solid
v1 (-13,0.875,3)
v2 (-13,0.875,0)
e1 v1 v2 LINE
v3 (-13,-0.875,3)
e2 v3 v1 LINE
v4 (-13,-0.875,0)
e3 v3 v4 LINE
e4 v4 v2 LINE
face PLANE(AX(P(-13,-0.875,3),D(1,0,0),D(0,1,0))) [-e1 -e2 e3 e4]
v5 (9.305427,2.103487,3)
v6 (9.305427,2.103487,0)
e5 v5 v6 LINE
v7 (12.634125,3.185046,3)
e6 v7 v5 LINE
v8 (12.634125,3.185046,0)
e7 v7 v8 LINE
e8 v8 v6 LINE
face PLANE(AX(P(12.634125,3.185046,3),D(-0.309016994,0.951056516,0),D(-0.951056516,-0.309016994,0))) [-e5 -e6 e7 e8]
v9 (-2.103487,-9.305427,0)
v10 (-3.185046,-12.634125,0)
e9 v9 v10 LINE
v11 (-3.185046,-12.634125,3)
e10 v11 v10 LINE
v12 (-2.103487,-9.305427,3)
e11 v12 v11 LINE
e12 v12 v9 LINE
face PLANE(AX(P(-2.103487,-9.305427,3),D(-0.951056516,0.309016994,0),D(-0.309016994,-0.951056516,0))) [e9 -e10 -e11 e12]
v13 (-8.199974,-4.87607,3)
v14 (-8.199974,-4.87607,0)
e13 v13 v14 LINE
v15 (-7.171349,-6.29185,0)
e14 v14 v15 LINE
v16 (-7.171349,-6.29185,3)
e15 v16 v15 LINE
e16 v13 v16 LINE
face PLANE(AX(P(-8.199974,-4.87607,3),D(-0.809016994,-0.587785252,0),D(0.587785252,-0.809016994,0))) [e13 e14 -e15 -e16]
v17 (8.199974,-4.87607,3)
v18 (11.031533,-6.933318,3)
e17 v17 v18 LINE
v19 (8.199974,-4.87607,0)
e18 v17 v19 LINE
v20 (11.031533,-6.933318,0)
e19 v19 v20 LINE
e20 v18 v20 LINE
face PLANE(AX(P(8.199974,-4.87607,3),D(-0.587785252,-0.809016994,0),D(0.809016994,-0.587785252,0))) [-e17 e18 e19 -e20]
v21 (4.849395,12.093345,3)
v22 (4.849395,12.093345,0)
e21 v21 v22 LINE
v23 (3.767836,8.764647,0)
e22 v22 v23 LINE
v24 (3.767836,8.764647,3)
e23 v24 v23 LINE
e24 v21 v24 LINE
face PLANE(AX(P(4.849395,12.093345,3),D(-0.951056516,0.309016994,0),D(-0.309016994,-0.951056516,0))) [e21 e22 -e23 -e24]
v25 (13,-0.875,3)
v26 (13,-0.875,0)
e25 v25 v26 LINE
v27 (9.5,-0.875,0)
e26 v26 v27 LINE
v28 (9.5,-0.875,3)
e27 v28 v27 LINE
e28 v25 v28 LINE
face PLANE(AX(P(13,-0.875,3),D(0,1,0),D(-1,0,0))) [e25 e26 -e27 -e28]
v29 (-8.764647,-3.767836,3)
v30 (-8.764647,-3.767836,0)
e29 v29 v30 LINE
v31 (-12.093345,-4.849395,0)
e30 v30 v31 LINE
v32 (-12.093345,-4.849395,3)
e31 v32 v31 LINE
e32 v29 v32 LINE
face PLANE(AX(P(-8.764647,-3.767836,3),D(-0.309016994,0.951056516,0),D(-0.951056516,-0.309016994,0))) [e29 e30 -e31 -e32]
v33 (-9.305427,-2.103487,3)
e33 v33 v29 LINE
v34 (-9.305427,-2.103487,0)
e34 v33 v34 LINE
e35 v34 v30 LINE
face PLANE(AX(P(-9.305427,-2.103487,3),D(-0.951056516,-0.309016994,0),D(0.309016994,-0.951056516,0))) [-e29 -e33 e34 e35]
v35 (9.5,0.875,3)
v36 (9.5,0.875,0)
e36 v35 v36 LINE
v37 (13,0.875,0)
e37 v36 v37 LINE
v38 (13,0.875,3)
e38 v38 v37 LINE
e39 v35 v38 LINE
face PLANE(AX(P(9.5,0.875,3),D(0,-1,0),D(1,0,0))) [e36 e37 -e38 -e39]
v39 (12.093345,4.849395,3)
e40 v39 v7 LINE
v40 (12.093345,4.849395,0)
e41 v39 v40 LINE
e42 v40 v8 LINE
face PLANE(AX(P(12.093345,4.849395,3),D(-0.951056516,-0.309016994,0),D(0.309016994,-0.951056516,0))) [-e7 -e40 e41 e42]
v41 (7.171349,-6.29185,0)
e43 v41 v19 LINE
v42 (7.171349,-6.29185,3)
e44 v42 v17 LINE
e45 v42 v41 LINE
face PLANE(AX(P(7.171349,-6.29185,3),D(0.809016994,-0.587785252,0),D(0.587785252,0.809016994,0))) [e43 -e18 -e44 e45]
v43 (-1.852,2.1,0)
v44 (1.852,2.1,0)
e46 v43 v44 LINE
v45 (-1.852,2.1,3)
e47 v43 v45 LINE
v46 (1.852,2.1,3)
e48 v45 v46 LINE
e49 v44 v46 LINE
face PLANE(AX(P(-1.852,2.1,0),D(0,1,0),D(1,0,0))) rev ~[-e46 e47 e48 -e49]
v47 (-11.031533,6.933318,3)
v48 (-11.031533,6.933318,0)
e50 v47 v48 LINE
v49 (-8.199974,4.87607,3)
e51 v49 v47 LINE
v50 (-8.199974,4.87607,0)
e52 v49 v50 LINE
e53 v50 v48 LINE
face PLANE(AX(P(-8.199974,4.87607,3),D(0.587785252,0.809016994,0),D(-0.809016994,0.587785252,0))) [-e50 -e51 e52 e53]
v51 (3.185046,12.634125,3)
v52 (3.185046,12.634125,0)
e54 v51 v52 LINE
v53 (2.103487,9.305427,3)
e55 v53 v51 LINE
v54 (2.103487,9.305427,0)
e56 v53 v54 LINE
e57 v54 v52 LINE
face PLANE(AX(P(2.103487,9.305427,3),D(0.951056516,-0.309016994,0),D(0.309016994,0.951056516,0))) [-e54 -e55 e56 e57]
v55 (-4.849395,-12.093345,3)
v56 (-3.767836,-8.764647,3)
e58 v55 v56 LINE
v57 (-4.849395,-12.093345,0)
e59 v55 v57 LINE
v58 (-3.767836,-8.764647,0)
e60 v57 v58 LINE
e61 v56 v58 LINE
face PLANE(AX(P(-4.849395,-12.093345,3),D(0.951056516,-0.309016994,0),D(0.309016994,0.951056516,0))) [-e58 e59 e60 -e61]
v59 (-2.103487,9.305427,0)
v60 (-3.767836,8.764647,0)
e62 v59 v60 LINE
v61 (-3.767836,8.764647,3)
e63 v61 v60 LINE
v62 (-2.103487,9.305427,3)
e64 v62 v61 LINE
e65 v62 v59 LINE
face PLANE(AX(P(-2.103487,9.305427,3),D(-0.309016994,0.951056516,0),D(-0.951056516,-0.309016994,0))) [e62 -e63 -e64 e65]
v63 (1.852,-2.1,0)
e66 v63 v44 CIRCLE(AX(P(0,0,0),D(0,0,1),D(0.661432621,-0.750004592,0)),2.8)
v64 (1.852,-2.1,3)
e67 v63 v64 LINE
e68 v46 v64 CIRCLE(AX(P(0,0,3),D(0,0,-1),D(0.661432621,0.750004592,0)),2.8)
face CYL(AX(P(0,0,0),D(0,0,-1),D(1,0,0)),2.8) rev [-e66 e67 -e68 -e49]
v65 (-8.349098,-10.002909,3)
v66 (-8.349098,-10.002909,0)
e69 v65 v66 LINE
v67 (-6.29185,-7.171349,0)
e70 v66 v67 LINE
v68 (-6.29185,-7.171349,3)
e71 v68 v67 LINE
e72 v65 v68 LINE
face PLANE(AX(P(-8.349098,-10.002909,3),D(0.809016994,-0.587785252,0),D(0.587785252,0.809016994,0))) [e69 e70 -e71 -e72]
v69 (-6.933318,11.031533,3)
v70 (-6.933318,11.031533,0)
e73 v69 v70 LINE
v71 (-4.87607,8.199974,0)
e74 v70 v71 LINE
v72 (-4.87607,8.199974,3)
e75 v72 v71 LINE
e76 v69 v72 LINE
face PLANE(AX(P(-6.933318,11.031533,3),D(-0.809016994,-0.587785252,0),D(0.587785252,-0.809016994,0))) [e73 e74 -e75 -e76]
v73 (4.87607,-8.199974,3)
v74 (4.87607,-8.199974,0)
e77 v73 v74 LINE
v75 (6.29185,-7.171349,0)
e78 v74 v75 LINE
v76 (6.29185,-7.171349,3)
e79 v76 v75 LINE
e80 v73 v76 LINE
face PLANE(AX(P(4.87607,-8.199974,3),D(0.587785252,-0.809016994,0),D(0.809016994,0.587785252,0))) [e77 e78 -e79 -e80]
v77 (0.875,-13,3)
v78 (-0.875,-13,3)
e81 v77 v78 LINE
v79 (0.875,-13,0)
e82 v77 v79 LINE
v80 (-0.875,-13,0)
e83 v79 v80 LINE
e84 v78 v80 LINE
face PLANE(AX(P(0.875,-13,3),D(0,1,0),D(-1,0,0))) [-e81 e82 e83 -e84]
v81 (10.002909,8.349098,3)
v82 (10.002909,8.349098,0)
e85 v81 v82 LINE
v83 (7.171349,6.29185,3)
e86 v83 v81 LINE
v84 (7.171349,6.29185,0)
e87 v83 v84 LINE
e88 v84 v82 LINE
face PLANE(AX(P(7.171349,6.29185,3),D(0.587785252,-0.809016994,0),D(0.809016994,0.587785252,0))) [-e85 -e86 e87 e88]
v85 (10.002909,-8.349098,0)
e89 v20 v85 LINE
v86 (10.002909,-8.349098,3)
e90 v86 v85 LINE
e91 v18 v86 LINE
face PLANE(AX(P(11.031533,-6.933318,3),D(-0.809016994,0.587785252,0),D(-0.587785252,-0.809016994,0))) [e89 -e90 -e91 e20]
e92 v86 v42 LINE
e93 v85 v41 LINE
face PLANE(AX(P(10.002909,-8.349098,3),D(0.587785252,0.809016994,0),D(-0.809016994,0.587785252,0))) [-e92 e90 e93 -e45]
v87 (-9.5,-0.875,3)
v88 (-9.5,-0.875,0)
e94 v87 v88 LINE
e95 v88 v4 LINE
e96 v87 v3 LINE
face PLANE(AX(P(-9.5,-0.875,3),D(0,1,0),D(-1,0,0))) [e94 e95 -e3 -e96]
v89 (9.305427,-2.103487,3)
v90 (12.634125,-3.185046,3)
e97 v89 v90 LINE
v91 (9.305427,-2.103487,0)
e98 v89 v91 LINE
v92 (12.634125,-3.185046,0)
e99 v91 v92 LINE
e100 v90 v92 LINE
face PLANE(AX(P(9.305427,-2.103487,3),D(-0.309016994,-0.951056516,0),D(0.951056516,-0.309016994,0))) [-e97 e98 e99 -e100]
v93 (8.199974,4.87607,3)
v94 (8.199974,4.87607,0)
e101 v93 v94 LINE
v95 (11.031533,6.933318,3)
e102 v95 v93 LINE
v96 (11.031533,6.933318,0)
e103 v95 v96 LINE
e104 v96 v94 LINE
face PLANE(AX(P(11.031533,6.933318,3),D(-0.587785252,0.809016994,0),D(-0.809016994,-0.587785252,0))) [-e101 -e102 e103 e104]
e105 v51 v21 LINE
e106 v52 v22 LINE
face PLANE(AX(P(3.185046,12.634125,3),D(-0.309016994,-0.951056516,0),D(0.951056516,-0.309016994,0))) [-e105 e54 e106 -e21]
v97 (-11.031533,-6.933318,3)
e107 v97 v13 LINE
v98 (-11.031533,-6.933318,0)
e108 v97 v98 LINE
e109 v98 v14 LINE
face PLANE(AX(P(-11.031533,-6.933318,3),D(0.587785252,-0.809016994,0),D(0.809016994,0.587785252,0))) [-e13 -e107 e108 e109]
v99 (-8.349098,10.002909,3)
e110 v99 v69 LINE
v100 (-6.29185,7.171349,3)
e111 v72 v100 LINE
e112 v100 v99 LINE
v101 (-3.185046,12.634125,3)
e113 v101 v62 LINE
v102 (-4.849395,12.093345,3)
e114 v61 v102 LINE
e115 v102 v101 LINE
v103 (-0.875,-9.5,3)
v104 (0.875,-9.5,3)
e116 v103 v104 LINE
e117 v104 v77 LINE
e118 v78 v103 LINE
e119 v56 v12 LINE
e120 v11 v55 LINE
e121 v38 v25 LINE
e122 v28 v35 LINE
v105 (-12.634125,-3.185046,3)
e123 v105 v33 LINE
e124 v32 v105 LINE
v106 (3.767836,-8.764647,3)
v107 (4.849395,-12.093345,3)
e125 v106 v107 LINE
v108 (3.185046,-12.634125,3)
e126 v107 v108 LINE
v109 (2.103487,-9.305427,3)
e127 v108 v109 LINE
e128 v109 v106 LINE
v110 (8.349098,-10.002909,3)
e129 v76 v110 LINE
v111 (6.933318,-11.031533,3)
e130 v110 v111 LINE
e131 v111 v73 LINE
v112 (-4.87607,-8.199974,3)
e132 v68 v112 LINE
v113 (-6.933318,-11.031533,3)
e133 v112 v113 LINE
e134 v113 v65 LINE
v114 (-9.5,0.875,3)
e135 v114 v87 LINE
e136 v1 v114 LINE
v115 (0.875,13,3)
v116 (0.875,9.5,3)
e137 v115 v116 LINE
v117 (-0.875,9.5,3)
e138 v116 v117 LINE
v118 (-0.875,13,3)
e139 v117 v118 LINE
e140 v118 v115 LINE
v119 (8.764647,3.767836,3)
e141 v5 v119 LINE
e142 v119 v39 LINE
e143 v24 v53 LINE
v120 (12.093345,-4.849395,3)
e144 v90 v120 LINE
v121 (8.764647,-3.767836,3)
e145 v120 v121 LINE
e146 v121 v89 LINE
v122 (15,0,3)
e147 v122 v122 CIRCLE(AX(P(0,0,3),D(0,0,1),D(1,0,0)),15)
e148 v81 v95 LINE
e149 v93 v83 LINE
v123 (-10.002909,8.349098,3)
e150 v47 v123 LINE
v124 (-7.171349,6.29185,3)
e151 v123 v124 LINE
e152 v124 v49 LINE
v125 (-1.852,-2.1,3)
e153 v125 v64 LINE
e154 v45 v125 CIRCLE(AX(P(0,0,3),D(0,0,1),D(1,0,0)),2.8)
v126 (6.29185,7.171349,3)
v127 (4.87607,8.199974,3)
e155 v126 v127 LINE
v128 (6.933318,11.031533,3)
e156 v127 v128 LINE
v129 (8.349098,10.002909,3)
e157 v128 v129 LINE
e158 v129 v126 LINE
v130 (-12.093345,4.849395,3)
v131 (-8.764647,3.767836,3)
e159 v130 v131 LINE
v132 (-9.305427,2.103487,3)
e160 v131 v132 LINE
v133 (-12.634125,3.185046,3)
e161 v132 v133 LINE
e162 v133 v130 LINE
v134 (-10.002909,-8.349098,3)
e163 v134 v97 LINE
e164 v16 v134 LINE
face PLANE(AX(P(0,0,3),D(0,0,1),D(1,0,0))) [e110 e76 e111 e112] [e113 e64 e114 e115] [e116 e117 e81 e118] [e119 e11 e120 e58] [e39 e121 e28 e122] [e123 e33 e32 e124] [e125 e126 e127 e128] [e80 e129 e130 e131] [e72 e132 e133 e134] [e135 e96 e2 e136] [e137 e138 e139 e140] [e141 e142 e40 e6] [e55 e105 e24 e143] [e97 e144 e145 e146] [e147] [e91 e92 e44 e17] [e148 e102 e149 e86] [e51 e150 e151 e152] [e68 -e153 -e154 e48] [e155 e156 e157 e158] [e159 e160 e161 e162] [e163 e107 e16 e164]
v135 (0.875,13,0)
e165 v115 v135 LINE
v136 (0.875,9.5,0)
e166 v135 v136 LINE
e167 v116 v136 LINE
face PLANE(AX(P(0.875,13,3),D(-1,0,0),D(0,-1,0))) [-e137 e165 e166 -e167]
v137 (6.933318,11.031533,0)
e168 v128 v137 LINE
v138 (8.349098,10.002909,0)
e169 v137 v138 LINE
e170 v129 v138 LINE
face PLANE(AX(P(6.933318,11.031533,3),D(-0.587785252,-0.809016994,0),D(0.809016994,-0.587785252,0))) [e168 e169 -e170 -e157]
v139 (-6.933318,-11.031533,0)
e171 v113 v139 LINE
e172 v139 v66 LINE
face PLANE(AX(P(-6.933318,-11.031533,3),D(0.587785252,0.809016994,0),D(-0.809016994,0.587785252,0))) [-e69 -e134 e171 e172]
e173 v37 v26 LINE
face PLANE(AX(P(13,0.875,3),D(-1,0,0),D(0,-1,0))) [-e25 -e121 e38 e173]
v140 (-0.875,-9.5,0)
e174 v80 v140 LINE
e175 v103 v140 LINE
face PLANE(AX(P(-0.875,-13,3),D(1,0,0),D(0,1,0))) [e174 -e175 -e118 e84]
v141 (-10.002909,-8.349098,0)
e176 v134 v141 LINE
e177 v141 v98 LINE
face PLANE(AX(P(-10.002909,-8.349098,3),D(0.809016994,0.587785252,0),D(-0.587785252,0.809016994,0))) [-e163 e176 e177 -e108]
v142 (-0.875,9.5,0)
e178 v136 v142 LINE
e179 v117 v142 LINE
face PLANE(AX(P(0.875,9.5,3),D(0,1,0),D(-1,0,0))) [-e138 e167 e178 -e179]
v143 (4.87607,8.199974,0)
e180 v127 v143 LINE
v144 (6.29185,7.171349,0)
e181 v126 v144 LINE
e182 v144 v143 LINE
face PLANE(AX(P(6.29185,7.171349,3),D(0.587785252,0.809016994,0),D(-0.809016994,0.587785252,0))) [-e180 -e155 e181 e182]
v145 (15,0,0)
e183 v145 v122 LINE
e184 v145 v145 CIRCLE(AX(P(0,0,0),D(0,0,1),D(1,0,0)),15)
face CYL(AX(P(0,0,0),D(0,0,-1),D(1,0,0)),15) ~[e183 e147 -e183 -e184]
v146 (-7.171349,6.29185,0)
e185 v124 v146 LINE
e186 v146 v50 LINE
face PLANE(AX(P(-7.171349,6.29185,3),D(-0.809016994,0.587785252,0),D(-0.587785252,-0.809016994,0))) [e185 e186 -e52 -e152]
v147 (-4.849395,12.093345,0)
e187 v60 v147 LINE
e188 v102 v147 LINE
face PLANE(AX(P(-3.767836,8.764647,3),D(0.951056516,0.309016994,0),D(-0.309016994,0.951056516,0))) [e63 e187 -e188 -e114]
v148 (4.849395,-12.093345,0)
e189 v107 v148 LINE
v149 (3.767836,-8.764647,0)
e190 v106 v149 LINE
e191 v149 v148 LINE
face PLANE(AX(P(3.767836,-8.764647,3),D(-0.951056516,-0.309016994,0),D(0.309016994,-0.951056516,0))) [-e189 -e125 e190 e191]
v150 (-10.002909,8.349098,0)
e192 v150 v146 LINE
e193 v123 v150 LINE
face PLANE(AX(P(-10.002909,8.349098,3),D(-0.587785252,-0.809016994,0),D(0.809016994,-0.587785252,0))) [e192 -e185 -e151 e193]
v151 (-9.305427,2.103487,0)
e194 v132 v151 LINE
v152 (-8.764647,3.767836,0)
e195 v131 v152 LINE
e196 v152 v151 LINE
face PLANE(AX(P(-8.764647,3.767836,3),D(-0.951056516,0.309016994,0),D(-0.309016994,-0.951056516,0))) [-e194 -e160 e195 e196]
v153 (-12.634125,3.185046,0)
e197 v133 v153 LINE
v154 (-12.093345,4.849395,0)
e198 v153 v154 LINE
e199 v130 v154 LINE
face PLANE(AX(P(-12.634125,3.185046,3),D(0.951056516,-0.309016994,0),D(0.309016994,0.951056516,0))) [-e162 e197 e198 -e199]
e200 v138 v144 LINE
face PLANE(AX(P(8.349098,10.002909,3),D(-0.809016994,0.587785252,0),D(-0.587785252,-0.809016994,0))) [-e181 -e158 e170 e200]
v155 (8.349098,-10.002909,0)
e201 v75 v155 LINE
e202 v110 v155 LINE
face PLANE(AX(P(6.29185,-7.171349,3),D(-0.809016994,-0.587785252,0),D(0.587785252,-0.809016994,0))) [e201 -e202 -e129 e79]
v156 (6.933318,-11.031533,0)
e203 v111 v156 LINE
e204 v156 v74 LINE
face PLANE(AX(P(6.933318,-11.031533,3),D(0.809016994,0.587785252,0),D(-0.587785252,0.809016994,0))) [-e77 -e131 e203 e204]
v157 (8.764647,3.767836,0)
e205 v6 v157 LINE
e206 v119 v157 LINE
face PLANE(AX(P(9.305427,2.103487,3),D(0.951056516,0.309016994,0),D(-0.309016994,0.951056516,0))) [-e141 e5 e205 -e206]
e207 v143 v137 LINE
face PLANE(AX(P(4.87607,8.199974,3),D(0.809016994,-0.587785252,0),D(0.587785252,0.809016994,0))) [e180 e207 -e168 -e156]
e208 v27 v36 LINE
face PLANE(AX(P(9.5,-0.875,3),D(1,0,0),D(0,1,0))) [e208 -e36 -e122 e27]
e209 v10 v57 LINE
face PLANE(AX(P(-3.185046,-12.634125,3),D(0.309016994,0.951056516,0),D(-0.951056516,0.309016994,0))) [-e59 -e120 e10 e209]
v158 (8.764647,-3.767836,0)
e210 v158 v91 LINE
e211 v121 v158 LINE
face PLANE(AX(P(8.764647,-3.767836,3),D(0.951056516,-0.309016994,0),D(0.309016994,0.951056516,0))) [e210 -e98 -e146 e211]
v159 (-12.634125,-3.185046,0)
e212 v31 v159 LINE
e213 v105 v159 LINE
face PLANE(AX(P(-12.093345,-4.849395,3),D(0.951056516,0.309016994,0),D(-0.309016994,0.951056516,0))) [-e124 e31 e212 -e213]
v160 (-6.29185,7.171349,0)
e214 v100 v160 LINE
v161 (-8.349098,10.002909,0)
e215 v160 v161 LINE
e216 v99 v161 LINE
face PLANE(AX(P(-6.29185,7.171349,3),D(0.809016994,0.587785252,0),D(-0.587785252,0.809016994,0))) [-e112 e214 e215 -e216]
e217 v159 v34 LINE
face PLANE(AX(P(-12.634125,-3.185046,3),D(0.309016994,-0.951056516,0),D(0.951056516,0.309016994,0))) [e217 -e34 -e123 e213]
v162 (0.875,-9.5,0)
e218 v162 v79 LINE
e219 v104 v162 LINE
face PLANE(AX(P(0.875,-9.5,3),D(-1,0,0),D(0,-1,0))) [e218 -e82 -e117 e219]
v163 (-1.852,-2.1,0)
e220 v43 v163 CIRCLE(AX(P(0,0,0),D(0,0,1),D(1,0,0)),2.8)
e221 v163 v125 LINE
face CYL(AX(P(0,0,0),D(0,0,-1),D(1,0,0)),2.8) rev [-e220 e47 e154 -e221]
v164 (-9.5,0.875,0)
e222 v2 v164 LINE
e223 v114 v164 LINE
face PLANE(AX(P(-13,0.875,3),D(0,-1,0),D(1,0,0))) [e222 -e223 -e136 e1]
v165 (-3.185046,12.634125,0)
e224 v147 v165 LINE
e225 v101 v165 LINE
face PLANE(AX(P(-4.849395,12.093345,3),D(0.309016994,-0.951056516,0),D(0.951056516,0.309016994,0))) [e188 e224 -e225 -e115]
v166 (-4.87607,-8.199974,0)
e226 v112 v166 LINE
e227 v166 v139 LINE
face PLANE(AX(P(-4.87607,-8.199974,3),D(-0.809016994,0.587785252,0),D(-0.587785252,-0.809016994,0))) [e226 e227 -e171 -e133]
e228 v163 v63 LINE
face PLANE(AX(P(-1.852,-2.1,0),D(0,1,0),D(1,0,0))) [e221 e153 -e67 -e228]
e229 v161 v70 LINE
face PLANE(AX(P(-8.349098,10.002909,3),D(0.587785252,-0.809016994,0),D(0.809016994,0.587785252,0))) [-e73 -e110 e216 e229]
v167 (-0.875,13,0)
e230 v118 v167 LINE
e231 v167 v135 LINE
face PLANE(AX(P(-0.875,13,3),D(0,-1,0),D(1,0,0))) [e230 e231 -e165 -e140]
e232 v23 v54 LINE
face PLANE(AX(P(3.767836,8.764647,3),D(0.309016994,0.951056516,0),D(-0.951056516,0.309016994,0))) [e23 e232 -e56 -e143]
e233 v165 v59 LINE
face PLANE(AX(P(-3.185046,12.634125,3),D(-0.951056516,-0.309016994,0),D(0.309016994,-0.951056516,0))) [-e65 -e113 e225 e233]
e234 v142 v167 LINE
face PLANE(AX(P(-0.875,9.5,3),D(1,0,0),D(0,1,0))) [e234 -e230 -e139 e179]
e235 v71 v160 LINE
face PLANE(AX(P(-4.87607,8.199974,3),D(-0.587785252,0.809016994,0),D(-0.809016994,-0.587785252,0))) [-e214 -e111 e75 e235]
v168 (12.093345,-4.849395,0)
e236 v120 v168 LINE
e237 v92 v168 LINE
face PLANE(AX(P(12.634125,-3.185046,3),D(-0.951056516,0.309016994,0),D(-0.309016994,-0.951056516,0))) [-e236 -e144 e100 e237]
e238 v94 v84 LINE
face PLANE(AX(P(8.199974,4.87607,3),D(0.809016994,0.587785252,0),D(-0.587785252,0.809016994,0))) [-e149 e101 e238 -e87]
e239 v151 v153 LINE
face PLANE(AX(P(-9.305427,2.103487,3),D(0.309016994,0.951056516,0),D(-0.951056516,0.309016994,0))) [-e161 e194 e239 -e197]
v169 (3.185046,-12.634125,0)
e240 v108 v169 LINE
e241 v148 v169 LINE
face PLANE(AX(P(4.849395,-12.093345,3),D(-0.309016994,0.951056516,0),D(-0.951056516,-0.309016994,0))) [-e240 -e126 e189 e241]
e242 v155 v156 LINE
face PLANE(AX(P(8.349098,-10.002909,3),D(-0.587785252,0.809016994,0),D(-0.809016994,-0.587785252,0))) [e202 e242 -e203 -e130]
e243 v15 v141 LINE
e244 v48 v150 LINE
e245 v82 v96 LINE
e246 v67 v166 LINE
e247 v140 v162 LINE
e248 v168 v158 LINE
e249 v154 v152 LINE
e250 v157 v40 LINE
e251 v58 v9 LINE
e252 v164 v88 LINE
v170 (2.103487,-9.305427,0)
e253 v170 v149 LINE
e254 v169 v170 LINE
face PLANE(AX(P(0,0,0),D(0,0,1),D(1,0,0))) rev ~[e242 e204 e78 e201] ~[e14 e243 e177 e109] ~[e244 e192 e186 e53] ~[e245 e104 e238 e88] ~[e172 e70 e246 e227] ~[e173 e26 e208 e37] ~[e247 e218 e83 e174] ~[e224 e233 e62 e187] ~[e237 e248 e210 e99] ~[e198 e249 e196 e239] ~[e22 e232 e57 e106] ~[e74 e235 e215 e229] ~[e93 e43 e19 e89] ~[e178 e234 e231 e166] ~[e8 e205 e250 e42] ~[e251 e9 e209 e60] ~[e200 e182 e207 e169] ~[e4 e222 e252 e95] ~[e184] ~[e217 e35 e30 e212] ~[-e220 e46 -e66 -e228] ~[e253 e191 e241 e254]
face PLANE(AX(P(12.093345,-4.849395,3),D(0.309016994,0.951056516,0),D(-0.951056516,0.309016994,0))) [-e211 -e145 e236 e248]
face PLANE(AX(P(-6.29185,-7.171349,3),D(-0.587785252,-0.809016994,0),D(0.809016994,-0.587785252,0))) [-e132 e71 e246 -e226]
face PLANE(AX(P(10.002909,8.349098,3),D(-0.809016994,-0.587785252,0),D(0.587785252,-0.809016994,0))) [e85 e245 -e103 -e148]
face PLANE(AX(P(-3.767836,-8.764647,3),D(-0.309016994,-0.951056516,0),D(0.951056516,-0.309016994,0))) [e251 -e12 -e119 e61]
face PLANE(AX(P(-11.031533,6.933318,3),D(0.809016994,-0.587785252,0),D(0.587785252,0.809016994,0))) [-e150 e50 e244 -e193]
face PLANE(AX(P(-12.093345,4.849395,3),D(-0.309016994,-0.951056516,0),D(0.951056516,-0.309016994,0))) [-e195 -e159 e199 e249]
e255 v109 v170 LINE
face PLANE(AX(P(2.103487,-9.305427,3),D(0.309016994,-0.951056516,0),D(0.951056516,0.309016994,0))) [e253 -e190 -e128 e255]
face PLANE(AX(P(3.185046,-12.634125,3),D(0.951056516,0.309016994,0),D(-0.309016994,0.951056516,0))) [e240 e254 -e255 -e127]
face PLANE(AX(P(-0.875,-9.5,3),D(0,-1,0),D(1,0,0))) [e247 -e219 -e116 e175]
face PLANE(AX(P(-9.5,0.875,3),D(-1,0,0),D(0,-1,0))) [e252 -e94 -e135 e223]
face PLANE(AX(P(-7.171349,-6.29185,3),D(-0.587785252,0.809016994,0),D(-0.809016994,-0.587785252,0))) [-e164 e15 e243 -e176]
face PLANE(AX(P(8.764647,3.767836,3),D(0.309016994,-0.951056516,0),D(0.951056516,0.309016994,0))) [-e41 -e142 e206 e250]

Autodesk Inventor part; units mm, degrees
ref_plane "YZ Plane" through (0, 0, 0) normal (1, 0, 0) x (0, 1, 0)
ref_plane "XZ Plane" through (0, 0, 0) normal (0, 1, 0) x (-1, 0, 0)
ref_plane "XY Plane" through (0, 0, 0) normal (0, 0, 1) x (1, 0, 0)
sketch "Boceto1" plane through (0, 0, 0) normal (0, 0, 1) x (1, 0, 0)
  circle A0 centre (0, 0) radius 15
  circle A1 centre (0, 0) radius 2.8
  line L0 (-1.852, 2.1) -> (1.852, 2.1)
  line L1 (-1.852, -2.1) -> (1.852, -2.1)
  dimension "d0" = 30
  dimension "d1" = 5.6
  dimension "d2" = 2.1
  dimension "d3" = 2.1
extrude "Extrusión1" add sketch "Boceto1" along normal blind 3 contours A0 | L0 A1 | A1 L1
sketch "Boceto2" plane through (0, 0, 3) normal (0, 0, 1) x (1, 0, 0)
  line L0 (-0.875, 13) -> (0.875, 13)
  line L1 (0.875, 13) -> (0.875, 9.5)
  line L2 (0.875, 9.5) -> (-0.875, 9.5)
  line L3 (-0.875, 9.5) -> (-0.875, 13)
  point P0 (0, 0)
  point P1 (0, 13)
  dimension "d6" = 3.5
  dimension "d7" = 1.75
  dimension "d8" = 9.5
extrude "Extrusión2" cut sketch "Boceto2" against normal through all
pattern_circular "Patrón circular1" count 20 over 360 about axis through (0, 0, -10) along (0, 0, 1) of "Extrusión2"
properties part number "Disco_encoder"
